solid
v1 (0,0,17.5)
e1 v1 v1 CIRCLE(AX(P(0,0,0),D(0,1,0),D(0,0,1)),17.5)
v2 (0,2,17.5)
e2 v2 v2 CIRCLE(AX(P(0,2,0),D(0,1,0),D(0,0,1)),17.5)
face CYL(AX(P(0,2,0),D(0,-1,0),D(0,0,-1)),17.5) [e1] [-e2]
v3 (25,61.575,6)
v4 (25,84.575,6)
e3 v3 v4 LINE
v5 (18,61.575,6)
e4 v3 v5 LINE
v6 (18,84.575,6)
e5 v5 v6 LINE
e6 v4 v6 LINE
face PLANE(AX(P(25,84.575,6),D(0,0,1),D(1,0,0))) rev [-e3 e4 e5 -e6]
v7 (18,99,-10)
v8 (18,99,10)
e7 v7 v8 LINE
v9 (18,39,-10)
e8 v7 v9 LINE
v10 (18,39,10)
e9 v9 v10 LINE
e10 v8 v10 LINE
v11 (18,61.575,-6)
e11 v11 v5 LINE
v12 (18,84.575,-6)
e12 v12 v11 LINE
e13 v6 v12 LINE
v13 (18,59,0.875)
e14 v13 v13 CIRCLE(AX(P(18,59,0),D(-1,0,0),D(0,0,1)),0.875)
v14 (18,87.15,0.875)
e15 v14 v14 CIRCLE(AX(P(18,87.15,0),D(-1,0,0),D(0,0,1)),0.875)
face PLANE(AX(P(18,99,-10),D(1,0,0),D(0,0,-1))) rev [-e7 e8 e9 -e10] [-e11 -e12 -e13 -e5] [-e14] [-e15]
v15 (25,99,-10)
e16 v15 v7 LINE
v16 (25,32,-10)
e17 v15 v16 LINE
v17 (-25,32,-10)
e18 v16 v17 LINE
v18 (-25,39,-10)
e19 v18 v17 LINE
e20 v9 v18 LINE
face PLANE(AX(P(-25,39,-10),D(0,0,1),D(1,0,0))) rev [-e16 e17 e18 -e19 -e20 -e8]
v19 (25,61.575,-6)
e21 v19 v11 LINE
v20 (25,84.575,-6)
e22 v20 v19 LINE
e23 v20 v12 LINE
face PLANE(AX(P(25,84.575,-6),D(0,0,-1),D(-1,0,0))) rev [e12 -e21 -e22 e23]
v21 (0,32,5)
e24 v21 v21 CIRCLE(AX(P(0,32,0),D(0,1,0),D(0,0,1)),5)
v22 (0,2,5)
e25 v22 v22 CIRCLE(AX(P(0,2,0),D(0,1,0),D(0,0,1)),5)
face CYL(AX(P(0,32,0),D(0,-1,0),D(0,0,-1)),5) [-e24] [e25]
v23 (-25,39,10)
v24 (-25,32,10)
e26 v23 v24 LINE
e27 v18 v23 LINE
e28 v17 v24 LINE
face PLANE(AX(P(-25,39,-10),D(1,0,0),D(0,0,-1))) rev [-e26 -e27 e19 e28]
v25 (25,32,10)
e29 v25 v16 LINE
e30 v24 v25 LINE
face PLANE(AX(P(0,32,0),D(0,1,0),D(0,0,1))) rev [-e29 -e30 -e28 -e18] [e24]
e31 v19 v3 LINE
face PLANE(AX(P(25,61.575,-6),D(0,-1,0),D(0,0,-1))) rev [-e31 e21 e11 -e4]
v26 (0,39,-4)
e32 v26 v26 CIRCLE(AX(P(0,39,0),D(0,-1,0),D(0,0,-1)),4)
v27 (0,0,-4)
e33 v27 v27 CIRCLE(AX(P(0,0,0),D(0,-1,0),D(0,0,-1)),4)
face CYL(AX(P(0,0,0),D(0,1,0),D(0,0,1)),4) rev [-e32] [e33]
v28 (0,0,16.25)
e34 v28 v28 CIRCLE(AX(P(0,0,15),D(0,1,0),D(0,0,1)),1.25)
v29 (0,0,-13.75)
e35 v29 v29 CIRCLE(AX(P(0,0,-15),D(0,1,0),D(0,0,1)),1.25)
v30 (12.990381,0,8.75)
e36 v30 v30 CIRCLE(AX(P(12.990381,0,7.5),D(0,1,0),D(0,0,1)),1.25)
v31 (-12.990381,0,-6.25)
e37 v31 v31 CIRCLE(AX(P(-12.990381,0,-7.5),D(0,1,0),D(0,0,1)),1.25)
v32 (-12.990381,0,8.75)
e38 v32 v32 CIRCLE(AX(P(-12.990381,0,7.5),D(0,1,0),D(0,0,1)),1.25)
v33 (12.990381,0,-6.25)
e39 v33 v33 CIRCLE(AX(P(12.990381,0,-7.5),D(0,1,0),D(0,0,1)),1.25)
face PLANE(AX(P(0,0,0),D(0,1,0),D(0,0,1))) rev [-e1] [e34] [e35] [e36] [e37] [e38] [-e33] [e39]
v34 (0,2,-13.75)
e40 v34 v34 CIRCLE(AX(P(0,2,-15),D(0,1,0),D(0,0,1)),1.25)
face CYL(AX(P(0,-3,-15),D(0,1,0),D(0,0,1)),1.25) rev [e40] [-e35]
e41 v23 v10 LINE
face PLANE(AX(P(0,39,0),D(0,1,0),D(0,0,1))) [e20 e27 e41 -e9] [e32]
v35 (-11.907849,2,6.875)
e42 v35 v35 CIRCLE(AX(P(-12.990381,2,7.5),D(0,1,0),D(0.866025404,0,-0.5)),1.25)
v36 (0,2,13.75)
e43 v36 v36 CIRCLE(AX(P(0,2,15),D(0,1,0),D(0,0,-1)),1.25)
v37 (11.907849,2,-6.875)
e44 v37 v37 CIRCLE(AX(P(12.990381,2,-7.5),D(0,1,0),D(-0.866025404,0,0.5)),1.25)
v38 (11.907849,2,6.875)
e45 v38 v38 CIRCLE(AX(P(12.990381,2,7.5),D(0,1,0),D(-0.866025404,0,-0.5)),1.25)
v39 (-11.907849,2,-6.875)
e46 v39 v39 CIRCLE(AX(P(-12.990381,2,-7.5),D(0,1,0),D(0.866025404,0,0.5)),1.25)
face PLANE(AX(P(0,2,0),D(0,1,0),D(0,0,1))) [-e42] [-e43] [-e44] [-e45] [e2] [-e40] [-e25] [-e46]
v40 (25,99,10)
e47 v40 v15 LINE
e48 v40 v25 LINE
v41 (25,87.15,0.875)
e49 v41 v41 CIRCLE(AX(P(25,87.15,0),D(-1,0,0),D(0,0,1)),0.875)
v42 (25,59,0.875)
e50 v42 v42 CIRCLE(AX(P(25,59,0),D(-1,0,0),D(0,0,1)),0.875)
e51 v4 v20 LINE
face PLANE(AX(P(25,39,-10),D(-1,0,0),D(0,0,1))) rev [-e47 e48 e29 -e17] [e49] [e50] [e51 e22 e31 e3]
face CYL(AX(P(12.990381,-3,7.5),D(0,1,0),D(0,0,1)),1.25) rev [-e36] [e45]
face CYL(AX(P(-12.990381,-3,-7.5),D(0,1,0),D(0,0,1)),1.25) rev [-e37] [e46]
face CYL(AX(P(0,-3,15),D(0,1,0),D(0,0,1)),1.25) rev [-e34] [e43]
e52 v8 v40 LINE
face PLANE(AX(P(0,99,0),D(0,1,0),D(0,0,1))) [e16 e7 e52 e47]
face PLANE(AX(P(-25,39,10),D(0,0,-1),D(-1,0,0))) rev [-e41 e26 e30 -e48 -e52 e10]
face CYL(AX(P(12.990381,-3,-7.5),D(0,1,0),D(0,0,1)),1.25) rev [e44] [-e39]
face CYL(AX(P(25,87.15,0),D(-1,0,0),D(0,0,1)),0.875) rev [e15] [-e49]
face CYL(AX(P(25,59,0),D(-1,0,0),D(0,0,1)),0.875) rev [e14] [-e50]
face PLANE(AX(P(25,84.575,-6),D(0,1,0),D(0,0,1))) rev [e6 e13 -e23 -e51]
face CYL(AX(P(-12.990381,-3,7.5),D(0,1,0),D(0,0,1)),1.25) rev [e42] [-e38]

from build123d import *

# Parameters (mm, degrees)
SKETCH1_R               = 17.5
BOSS_EXTRUDE1_DEPTH     = 2
SKETCH2_R               = 1.25
CUT_EXTRUDE1_DEPTH      = 5
CIRPATTERN1_COUNT       = 6
SKETCH3_R               = 5
BOSS_EXTRUDE2_DEPTH     = 30
SKETCH4_W               = 50
SKETCH4_H               = 20
BOSS_EXTRUDE3_DEPTH     = 7
SKETCH5_W               = 7
SKETCH5_H               = 20
BOSS_EXTRUDE4_DEPTH     = 60
SKETCH6_R               = 0.875
CUT_EXTRUDE2_DEPTH      = 7
SKETCH7_W               = 12
SKETCH7_H               = 23
CUT_EXTRUDE3_DEPTH      = 7
SKETCH8_R               = 4
CUT_EXTRUDE4_DEPTH      = 32
CUT_EXTRUDE4_DEPTH_BACK = 7


with BuildPart() as part:
    # Sketch1 → Boss-Extrude1 (new body)
    with BuildSketch(Plane(origin=(0, 0, 0), x_dir=(1, 0, 0), z_dir=(0, 1, 0))):
        Circle(SKETCH1_R)
    extrude(amount=BOSS_EXTRUDE1_DEPTH)

    # Sketch2 → Cut-Extrude1 (cut)
    with BuildSketch(Plane(origin=(0, 2, 0), x_dir=(1, 0, 0), z_dir=(0, 1, 0))):
        with Locations((0, 15)):
            Circle(SKETCH2_R)
    cut_extrude1 = extrude(amount=-CUT_EXTRUDE1_DEPTH, mode=Mode.SUBTRACT)

    # CirPattern1: Cut-Extrude1 ×6 about axis
    cirpattern1_axis = Axis((0, 0, 0), (0, 1, 0))
    for i in range(1, CIRPATTERN1_COUNT):
        add(cut_extrude1.rotate(cirpattern1_axis, i * 360 / CIRPATTERN1_COUNT), mode=Mode.SUBTRACT)

    # Sketch3 → Boss-Extrude2 (add)
    with BuildSketch(Plane(origin=(0, 2, 0), x_dir=(1, 0, 0), z_dir=(0, 1, 0))):
        Circle(SKETCH3_R)
    extrude(amount=BOSS_EXTRUDE2_DEPTH)

    # Sketch4 → Boss-Extrude3 (add)
    with BuildSketch(Plane(origin=(0, 32, 0), x_dir=(1, 0, 0), z_dir=(0, 1, 0))):
        Rectangle(SKETCH4_W, SKETCH4_H)
    extrude(amount=BOSS_EXTRUDE3_DEPTH)

    # Sketch5 → Boss-Extrude4 (add)
    with BuildSketch(Plane(origin=(0, 39, 0), x_dir=(1, 0, 0), z_dir=(0, 1, 0))):
        with Locations((21.5, 0)):
            Rectangle(SKETCH5_W, SKETCH5_H)
    extrude(amount=BOSS_EXTRUDE4_DEPTH)

    # Sketch6 → Cut-Extrude2 (cut)
    with BuildSketch(Plane.ZY.offset(-18)):
        with Locations((0, 87.15)):
            Circle(SKETCH6_R)
        with Locations((0, 59)):
            Circle(SKETCH6_R)
    extrude(amount=-CUT_EXTRUDE2_DEPTH, mode=Mode.SUBTRACT)

    # Sketch7 → Cut-Extrude3 (cut)
    with BuildSketch(Plane.ZY.offset(-18)):
        with Locations((0, 73.075)):
            Rectangle(SKETCH7_W, SKETCH7_H)
    extrude(amount=-CUT_EXTRUDE3_DEPTH, mode=Mode.SUBTRACT)

    # Sketch8 → Cut-Extrude4 (cut, two sides)
    with BuildSketch(Plane(origin=(0, 32, 0), x_dir=(-1, 0, 0), z_dir=(0, -1, 0))) as cut_extrude4_sk:
        Circle(SKETCH8_R)
    extrude(amount=CUT_EXTRUDE4_DEPTH, mode=Mode.SUBTRACT)
    extrude(cut_extrude4_sk.sketch, amount=-CUT_EXTRUDE4_DEPTH_BACK, mode=Mode.SUBTRACT)


solid = part.part
